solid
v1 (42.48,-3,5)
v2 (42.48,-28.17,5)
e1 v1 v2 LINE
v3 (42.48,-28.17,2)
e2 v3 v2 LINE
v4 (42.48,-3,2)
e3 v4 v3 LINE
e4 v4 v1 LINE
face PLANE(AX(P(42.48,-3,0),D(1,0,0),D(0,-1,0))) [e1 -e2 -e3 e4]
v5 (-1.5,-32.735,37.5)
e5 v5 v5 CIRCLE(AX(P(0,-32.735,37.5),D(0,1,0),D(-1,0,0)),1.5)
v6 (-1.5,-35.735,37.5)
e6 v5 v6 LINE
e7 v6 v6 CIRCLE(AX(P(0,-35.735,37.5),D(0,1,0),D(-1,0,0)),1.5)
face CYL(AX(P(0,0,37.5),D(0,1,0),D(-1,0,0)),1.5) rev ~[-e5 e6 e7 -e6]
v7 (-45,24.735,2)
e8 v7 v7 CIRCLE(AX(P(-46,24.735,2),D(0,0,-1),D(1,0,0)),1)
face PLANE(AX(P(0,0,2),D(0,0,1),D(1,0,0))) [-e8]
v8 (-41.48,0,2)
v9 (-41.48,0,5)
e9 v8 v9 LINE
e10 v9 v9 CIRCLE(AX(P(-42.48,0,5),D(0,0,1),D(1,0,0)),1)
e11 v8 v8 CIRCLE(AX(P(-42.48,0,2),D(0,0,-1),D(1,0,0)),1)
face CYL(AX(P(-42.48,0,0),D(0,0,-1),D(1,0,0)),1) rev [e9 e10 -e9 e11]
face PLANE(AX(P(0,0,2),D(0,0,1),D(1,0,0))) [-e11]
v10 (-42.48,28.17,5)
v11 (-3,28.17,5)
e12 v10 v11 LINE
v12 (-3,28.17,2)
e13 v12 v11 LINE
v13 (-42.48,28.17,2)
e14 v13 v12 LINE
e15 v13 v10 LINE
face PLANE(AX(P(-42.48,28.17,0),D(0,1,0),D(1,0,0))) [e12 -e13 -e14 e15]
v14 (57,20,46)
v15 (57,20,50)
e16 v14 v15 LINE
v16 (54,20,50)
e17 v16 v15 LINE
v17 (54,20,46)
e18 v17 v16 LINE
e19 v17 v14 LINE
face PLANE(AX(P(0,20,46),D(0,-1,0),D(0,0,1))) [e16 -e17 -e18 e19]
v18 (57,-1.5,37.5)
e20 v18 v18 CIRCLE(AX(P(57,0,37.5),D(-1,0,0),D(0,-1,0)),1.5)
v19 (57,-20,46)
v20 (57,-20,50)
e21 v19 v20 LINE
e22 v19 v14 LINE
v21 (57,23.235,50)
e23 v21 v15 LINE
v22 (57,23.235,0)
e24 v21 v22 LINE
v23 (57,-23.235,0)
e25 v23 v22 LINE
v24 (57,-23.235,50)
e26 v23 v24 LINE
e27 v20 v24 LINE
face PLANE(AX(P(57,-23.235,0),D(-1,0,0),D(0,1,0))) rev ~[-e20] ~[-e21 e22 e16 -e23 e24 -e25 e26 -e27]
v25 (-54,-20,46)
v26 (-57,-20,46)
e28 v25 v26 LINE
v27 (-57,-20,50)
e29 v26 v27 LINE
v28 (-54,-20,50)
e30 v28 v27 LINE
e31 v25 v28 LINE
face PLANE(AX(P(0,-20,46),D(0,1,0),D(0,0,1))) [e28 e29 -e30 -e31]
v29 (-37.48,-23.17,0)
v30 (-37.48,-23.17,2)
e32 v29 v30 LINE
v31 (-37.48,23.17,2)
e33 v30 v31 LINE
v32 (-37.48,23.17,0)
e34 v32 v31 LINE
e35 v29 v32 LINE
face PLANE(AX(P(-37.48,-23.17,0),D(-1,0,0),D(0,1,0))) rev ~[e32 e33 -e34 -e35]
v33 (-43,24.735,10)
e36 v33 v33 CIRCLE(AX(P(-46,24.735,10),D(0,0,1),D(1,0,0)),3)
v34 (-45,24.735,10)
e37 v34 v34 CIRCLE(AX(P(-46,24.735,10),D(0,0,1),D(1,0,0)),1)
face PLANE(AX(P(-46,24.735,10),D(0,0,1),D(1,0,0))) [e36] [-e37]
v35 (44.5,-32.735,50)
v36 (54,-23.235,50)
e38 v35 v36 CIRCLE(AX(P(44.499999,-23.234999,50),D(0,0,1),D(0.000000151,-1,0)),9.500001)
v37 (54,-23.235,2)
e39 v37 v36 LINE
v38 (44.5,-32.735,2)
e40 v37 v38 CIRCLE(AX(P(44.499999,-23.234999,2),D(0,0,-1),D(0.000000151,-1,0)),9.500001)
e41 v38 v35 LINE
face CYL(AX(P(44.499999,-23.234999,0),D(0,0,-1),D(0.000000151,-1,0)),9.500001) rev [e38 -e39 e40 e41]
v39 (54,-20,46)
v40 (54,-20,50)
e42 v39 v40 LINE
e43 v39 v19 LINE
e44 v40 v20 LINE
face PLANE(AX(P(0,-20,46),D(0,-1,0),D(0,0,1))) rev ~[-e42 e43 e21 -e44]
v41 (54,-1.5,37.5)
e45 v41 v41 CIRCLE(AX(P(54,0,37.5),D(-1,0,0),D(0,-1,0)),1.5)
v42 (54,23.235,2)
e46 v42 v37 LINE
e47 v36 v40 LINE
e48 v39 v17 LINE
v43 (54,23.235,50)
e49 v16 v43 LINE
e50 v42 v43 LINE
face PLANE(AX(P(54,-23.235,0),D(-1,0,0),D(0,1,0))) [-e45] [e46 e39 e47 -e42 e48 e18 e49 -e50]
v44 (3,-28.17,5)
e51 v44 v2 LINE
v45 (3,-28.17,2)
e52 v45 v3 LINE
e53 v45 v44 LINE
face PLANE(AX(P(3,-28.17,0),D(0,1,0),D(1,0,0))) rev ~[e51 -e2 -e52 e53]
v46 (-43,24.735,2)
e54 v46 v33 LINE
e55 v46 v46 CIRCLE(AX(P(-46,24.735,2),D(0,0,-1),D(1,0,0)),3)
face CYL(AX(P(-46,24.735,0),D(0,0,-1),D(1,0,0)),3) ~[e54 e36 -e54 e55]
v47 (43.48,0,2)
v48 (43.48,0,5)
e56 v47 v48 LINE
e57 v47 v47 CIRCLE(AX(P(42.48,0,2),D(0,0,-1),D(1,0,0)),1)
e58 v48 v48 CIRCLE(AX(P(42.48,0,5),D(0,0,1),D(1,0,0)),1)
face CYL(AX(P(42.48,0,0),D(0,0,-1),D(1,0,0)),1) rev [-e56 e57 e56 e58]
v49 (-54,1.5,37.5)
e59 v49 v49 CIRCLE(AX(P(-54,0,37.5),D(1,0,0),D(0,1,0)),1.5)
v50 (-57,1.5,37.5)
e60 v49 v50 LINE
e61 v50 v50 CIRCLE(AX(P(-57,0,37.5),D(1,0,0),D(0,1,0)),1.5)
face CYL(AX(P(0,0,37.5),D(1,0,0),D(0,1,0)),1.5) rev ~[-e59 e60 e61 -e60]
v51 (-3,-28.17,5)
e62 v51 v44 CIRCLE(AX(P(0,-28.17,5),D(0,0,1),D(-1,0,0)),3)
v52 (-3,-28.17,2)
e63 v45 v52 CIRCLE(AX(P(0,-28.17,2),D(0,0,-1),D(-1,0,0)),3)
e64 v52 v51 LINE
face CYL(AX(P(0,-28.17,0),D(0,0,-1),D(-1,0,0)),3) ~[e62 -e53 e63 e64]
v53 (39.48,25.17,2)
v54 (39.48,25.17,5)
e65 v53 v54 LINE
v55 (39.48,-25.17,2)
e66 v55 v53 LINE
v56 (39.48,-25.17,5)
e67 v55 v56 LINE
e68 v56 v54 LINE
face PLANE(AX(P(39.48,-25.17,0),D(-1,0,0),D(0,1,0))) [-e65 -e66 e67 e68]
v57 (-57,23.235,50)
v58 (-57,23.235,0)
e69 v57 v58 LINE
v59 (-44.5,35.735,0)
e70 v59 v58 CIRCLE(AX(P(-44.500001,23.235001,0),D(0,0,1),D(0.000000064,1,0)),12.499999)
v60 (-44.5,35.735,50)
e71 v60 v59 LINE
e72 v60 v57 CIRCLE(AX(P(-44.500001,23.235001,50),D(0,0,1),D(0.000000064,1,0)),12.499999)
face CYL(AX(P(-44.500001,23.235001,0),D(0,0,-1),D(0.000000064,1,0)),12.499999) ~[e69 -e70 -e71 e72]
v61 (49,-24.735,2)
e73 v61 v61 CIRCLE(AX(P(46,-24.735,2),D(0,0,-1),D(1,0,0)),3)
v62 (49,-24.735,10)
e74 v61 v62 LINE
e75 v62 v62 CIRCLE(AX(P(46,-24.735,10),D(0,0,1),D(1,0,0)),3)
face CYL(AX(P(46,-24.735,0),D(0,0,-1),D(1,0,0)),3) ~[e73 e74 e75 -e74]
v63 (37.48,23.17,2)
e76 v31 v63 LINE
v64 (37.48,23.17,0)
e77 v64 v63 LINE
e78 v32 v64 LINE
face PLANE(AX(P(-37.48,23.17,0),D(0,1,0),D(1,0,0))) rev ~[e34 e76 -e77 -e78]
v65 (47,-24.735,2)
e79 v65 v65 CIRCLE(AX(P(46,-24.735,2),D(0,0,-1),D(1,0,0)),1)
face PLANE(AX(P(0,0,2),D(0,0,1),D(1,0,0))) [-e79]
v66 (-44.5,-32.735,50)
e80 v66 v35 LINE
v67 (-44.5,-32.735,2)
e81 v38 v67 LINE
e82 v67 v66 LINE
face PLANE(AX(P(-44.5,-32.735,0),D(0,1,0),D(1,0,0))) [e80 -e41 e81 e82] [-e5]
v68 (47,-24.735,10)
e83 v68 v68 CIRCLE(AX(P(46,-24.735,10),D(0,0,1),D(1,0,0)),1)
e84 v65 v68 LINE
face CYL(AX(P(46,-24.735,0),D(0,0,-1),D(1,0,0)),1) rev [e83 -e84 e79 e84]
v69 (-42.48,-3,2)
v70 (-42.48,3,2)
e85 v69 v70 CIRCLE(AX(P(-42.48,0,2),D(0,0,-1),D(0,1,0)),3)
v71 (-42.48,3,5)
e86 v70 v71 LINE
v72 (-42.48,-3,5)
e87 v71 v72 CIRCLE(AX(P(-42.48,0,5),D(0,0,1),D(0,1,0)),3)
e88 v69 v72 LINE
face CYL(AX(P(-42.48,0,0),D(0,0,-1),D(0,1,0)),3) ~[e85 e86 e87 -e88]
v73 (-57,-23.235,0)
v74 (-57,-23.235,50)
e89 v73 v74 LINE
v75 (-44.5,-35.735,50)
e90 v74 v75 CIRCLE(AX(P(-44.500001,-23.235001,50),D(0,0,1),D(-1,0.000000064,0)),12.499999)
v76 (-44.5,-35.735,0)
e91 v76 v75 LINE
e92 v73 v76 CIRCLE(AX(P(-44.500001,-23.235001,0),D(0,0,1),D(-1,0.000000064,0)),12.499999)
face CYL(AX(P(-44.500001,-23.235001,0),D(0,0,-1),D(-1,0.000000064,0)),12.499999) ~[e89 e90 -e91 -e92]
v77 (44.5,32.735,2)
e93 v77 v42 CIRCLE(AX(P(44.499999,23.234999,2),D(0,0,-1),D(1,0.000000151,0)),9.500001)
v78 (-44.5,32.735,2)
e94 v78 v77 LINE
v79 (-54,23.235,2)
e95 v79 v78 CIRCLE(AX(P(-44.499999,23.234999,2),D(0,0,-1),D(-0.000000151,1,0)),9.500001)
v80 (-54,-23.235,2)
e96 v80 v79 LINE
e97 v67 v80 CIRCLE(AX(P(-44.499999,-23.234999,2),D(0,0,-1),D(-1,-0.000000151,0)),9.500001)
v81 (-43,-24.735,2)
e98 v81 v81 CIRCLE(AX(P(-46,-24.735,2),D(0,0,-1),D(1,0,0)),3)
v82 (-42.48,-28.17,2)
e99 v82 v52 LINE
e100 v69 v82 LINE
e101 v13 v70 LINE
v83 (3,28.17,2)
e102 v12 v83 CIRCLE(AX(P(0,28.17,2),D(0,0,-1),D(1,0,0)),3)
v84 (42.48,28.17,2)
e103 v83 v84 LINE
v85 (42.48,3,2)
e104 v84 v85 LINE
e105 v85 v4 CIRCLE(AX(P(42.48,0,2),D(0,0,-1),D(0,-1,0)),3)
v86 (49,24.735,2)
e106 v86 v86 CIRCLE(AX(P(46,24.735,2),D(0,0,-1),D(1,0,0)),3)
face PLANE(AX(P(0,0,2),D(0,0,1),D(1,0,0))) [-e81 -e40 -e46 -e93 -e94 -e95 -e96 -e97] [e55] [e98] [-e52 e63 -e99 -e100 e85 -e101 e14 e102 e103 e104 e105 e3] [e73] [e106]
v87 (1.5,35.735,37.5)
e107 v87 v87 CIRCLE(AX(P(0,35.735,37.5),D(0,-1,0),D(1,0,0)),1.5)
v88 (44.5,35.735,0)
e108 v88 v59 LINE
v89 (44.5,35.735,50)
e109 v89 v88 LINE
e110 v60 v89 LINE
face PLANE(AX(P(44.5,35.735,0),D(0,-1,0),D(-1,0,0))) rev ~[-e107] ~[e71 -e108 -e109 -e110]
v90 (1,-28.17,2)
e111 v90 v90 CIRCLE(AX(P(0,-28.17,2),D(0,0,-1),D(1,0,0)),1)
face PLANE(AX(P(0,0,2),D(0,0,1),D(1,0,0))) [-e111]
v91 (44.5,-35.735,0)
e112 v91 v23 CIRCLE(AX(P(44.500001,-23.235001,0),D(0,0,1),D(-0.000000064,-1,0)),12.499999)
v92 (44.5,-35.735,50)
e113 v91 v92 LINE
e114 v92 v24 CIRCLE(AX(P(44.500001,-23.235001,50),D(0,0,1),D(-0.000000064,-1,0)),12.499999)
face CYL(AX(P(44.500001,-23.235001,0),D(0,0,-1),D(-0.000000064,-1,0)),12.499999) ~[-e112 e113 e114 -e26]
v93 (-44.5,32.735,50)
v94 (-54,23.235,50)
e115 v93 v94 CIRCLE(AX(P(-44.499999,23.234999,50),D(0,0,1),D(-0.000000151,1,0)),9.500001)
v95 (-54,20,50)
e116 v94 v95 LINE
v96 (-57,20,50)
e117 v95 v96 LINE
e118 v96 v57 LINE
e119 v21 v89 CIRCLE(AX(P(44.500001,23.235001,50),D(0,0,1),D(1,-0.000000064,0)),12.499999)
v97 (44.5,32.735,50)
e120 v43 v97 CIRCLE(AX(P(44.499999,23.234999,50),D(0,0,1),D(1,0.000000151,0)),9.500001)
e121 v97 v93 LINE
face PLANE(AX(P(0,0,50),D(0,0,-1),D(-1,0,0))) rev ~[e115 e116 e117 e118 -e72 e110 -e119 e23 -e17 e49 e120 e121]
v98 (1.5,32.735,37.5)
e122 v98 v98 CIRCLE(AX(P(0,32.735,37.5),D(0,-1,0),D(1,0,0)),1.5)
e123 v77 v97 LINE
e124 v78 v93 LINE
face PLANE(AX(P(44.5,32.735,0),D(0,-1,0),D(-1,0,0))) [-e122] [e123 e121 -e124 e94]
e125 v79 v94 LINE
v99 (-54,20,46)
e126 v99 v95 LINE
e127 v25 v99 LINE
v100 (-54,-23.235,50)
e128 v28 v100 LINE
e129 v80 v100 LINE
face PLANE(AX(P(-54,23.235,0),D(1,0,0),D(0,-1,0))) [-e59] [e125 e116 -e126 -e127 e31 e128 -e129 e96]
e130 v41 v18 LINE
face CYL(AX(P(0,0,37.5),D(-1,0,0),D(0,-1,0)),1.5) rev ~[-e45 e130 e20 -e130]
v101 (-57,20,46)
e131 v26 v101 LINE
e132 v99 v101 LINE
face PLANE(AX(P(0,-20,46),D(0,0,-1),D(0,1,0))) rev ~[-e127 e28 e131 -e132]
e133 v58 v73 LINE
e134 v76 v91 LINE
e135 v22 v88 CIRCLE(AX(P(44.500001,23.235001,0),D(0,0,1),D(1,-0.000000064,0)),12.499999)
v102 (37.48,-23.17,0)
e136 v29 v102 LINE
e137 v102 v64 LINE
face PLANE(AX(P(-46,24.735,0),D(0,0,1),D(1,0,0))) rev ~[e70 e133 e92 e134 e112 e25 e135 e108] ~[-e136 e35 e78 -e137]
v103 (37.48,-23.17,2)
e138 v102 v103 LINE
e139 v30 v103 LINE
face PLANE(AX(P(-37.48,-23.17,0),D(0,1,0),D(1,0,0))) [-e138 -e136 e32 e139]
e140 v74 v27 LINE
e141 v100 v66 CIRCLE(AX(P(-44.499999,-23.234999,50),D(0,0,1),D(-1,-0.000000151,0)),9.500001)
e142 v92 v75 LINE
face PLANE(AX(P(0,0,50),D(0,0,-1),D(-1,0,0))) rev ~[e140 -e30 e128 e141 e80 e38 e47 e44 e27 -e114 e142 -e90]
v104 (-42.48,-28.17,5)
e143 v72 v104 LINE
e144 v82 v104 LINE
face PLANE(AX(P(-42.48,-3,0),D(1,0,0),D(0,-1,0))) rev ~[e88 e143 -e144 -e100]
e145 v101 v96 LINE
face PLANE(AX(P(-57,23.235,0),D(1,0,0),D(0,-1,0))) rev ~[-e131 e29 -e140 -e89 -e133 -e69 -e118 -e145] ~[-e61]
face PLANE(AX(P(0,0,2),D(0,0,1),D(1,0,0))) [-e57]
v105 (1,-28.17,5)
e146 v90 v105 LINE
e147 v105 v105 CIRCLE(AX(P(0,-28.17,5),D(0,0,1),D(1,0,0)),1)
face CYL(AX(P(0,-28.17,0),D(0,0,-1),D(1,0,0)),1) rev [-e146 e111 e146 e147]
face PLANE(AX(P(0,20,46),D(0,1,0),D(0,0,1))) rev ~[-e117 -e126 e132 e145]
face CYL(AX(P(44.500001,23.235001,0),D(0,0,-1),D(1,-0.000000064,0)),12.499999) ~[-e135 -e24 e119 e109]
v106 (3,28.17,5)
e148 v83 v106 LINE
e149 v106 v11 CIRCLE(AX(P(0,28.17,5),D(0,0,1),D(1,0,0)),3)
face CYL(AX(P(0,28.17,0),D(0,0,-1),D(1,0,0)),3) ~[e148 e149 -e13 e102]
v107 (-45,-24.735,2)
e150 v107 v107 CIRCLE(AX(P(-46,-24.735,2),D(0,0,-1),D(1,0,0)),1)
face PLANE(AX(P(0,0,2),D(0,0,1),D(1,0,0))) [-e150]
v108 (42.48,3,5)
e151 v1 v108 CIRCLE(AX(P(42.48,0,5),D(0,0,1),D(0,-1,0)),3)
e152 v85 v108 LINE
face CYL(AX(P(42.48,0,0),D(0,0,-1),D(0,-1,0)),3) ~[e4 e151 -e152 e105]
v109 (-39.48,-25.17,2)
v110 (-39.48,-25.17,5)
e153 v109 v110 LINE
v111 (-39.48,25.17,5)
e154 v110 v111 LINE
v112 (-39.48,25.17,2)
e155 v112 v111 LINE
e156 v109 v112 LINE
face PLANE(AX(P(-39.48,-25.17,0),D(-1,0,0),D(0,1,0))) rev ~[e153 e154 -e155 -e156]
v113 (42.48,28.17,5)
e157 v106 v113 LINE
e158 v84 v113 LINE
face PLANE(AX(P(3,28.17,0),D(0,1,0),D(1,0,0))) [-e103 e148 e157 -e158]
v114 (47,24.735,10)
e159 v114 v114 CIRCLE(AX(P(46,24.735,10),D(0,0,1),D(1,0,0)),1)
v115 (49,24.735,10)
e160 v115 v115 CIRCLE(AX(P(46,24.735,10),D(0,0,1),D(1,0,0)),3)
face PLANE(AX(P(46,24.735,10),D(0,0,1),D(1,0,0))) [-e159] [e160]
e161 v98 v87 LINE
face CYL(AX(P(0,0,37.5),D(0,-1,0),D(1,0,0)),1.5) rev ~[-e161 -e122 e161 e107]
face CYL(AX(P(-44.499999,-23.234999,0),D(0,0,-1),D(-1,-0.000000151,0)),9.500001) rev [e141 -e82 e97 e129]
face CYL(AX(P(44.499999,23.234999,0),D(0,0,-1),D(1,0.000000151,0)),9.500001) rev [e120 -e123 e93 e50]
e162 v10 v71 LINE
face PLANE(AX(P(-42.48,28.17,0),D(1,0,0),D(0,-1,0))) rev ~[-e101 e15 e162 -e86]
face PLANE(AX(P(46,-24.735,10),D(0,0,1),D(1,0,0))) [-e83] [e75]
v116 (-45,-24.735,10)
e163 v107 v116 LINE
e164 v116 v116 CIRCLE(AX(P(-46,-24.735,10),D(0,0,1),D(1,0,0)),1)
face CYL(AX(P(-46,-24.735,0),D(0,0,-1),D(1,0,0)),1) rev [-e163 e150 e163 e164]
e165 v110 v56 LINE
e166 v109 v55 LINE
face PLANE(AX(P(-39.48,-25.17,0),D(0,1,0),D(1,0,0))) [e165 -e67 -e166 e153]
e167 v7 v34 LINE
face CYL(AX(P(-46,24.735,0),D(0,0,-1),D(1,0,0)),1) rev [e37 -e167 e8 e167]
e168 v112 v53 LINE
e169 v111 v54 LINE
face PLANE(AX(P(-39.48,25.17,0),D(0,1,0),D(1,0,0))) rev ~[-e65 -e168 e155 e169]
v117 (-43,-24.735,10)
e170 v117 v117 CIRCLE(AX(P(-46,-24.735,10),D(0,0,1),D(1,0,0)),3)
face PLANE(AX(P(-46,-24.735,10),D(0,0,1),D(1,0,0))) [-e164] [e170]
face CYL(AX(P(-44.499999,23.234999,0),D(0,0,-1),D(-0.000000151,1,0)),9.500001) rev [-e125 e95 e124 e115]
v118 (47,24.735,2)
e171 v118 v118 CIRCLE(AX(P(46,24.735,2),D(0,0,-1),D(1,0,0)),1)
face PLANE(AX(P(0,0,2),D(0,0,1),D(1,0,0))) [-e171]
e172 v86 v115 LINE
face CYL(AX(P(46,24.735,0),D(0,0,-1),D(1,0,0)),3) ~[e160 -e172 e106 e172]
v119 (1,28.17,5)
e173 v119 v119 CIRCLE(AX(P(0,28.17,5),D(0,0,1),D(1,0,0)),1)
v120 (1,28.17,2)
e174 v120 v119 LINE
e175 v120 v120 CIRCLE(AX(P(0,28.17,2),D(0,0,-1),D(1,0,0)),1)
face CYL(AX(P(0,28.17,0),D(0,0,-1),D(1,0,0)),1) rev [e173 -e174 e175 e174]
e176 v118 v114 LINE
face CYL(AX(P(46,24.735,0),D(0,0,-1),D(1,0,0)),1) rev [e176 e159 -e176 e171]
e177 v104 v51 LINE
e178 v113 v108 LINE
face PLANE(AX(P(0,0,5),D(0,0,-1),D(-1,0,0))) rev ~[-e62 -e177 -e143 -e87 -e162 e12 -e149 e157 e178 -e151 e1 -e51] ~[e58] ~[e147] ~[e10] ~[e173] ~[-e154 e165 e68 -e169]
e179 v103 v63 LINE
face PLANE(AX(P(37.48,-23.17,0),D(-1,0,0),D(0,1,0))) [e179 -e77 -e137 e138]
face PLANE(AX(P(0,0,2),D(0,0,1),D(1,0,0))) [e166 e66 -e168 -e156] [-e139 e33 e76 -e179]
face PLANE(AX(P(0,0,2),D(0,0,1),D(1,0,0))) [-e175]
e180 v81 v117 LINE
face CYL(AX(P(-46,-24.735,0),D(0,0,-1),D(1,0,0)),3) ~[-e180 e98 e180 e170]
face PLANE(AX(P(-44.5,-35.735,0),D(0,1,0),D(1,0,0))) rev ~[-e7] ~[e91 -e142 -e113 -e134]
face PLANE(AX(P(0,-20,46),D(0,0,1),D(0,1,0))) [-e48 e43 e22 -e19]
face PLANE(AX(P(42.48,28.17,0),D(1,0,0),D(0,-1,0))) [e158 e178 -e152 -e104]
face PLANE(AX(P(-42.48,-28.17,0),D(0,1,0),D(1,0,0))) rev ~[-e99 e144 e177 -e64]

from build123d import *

# Parameters (mm, degrees)
SKETCH_R           = 1
SKETCH_W           = 78.96
SKETCH_H           = 50.34
PAD_DEPTH          = 5
SKETCH001_W        = 74.96
SKETCH001_H        = 46.34
PAD001_DEPTH       = 2
SKETCH002_R        = 3
SKETCH002_R_2      = 1
PAD002_DEPTH       = 10
PAD003_DEPTH       = 50
SKETCH004_W        = 40
SKETCH004_H        = 4
POCKET_DEPTH       = 57.001
POCKET_DEPTH_BACK  = -57.001
SKETCH005_R        = 1.5
POCKET001_DEPTH    = 322.817597
POLARPATTERN_COUNT = 4


with BuildPart() as part:
    # Sketch → Pad (new body)
    with BuildSketch(Plane.XY):
        with BuildLine():
            Line((-42.48, 28.17), (-3, 28.17))
            ThreePointArc((3, 28.17), (0, 31.17), (-3, 28.17))
            Line((3, 28.17), (42.48, 28.17))
            Line((42.48, 28.17), (42.48, 3))
            ThreePointArc((42.48, -3), (45.48, 0), (42.48, 3))
            Line((42.48, -3), (42.48, -28.17))
            Line((3, -28.17), (42.48, -28.17))
            ThreePointArc((-3, -28.17), (0, -31.17), (3, -28.17))
            Line((-42.48, -28.17), (-3, -28.17))
            Line((-42.48, -3), (-42.48, -28.17))
            ThreePointArc((-42.48, 3), (-45.48, 0), (-42.48, -3))
            Line((-42.48, 28.17), (-42.48, 3))
        make_face()
        with Locations((42.48, 0)):
            Circle(SKETCH_R, mode=Mode.SUBTRACT)
        with Locations((0, -28.17)):
            Circle(SKETCH_R, mode=Mode.SUBTRACT)
        with Locations((-42.48, 0)):
            Circle(SKETCH_R, mode=Mode.SUBTRACT)
        with Locations((0, 28.17)):
            Circle(SKETCH_R, mode=Mode.SUBTRACT)
        Rectangle(SKETCH_W, SKETCH_H, mode=Mode.SUBTRACT)
    extrude(amount=PAD_DEPTH)

    # Sketch001 → Pad001 (join)
    with BuildSketch(Plane.XY):
        with BuildLine():
            Line((-57, 23.235), (-57, -23.235))
            ThreePointArc((-57, -23.235), (-53.338835, -32.073835), (-44.5, -35.735))
            Line((-44.5, -35.735), (44.5, -35.735))
            ThreePointArc((44.5, -35.735), (53.338835, -32.073835), (57, -23.235))
            Line((57, -23.235), (57, 23.235))
            ThreePointArc((57, 23.235), (53.338835, 32.073835), (44.5, 35.735))
            Line((44.5, 35.735), (-44.5, 35.735))
            ThreePointArc((-44.5, 35.735), (-53.338835, 32.073835), (-57, 23.235))
        make_face()
        Rectangle(SKETCH001_W, SKETCH001_H, mode=Mode.SUBTRACT)
    extrude(amount=PAD001_DEPTH)

    # Sketch002 → Pad002 (join)
    with BuildSketch(Plane.XY):
        with Locations((-46, 24.735)):
            Circle(SKETCH002_R)
        with Locations((-46, 24.735)):
            Circle(SKETCH002_R_2, mode=Mode.SUBTRACT)
        with Locations((46, 24.735)):
            Circle(SKETCH002_R)
        with Locations((46, 24.735)):
            Circle(SKETCH002_R_2, mode=Mode.SUBTRACT)
        with Locations((46, -24.735)):
            Circle(SKETCH002_R)
        with Locations((46, -24.735)):
            Circle(SKETCH002_R_2, mode=Mode.SUBTRACT)
        with Locations((-46, -24.735)):
            Circle(SKETCH002_R)
        with Locations((-46, -24.735)):
            Circle(SKETCH002_R_2, mode=Mode.SUBTRACT)
    extrude(amount=PAD002_DEPTH)

    # Sketch003 → Pad003 (join)
    with BuildSketch(Plane.XY):
        with BuildLine():
            Line((-44.5, 35.735), (44.5, 35.735))
            ThreePointArc((57, 23.235), (53.338835, 32.073835), (44.5, 35.735))
            Line((57, 23.235), (57, -23.235))
            ThreePointArc((44.5, -35.735), (53.338835, -32.073835), (57, -23.235))
            Line((44.5, -35.735), (-44.5, -35.735))
            ThreePointArc((-57, -23.235), (-53.338835, -32.073835), (-44.5, -35.735))
            Line((-57, -23.235), (-57, 23.235))
            ThreePointArc((-44.5, 35.735), (-53.338835, 32.073835), (-57, 23.235))
        make_face()
        with BuildLine():
            Line((-54, 23.235), (-54, -23.235))
            ThreePointArc((-54, -23.235), (-51.217514, -29.952514), (-44.5, -32.735))
            Line((-44.5, -32.735), (44.5, -32.735))
            ThreePointArc((44.5, -32.735), (51.217514, -29.952514), (54, -23.235))
            Line((54, -23.235), (54, 23.235))
            ThreePointArc((54, 23.235), (51.217514, 29.952514), (44.5, 32.735))
            Line((44.5, 32.735), (-44.5, 32.735))
            ThreePointArc((-44.5, 32.735), (-51.217514, 29.952514), (-54, 23.235))
        make_face(mode=Mode.SUBTRACT)
    extrude(amount=PAD003_DEPTH)

    # Sketch004 → Pocket (cut, two sides)
    with BuildSketch(Plane.YZ) as pocket_sk:
        with Locations((0, 48)):
            Rectangle(SKETCH004_W, SKETCH004_H)
    extrude(amount=-POCKET_DEPTH, mode=Mode.SUBTRACT)
    extrude(pocket_sk.sketch, amount=-POCKET_DEPTH_BACK, mode=Mode.SUBTRACT)

    # Sketch005 → Pocket001 (cut, through all)
    with BuildSketch(Plane.XZ):
        with Locations((0, 37.5)):
            Circle(SKETCH005_R)
    pocket001 = extrude(amount=-POCKET001_DEPTH, mode=Mode.SUBTRACT)

    # PolarPattern: Pocket001 ×4 about axis
    polarpattern_axis = Axis((0, 0, 0), (0, 0, 1))
    for i in range(1, POLARPATTERN_COUNT):
        add(pocket001.rotate(polarpattern_axis, i * 360 / POLARPATTERN_COUNT), mode=Mode.SUBTRACT)


solid = part.part
